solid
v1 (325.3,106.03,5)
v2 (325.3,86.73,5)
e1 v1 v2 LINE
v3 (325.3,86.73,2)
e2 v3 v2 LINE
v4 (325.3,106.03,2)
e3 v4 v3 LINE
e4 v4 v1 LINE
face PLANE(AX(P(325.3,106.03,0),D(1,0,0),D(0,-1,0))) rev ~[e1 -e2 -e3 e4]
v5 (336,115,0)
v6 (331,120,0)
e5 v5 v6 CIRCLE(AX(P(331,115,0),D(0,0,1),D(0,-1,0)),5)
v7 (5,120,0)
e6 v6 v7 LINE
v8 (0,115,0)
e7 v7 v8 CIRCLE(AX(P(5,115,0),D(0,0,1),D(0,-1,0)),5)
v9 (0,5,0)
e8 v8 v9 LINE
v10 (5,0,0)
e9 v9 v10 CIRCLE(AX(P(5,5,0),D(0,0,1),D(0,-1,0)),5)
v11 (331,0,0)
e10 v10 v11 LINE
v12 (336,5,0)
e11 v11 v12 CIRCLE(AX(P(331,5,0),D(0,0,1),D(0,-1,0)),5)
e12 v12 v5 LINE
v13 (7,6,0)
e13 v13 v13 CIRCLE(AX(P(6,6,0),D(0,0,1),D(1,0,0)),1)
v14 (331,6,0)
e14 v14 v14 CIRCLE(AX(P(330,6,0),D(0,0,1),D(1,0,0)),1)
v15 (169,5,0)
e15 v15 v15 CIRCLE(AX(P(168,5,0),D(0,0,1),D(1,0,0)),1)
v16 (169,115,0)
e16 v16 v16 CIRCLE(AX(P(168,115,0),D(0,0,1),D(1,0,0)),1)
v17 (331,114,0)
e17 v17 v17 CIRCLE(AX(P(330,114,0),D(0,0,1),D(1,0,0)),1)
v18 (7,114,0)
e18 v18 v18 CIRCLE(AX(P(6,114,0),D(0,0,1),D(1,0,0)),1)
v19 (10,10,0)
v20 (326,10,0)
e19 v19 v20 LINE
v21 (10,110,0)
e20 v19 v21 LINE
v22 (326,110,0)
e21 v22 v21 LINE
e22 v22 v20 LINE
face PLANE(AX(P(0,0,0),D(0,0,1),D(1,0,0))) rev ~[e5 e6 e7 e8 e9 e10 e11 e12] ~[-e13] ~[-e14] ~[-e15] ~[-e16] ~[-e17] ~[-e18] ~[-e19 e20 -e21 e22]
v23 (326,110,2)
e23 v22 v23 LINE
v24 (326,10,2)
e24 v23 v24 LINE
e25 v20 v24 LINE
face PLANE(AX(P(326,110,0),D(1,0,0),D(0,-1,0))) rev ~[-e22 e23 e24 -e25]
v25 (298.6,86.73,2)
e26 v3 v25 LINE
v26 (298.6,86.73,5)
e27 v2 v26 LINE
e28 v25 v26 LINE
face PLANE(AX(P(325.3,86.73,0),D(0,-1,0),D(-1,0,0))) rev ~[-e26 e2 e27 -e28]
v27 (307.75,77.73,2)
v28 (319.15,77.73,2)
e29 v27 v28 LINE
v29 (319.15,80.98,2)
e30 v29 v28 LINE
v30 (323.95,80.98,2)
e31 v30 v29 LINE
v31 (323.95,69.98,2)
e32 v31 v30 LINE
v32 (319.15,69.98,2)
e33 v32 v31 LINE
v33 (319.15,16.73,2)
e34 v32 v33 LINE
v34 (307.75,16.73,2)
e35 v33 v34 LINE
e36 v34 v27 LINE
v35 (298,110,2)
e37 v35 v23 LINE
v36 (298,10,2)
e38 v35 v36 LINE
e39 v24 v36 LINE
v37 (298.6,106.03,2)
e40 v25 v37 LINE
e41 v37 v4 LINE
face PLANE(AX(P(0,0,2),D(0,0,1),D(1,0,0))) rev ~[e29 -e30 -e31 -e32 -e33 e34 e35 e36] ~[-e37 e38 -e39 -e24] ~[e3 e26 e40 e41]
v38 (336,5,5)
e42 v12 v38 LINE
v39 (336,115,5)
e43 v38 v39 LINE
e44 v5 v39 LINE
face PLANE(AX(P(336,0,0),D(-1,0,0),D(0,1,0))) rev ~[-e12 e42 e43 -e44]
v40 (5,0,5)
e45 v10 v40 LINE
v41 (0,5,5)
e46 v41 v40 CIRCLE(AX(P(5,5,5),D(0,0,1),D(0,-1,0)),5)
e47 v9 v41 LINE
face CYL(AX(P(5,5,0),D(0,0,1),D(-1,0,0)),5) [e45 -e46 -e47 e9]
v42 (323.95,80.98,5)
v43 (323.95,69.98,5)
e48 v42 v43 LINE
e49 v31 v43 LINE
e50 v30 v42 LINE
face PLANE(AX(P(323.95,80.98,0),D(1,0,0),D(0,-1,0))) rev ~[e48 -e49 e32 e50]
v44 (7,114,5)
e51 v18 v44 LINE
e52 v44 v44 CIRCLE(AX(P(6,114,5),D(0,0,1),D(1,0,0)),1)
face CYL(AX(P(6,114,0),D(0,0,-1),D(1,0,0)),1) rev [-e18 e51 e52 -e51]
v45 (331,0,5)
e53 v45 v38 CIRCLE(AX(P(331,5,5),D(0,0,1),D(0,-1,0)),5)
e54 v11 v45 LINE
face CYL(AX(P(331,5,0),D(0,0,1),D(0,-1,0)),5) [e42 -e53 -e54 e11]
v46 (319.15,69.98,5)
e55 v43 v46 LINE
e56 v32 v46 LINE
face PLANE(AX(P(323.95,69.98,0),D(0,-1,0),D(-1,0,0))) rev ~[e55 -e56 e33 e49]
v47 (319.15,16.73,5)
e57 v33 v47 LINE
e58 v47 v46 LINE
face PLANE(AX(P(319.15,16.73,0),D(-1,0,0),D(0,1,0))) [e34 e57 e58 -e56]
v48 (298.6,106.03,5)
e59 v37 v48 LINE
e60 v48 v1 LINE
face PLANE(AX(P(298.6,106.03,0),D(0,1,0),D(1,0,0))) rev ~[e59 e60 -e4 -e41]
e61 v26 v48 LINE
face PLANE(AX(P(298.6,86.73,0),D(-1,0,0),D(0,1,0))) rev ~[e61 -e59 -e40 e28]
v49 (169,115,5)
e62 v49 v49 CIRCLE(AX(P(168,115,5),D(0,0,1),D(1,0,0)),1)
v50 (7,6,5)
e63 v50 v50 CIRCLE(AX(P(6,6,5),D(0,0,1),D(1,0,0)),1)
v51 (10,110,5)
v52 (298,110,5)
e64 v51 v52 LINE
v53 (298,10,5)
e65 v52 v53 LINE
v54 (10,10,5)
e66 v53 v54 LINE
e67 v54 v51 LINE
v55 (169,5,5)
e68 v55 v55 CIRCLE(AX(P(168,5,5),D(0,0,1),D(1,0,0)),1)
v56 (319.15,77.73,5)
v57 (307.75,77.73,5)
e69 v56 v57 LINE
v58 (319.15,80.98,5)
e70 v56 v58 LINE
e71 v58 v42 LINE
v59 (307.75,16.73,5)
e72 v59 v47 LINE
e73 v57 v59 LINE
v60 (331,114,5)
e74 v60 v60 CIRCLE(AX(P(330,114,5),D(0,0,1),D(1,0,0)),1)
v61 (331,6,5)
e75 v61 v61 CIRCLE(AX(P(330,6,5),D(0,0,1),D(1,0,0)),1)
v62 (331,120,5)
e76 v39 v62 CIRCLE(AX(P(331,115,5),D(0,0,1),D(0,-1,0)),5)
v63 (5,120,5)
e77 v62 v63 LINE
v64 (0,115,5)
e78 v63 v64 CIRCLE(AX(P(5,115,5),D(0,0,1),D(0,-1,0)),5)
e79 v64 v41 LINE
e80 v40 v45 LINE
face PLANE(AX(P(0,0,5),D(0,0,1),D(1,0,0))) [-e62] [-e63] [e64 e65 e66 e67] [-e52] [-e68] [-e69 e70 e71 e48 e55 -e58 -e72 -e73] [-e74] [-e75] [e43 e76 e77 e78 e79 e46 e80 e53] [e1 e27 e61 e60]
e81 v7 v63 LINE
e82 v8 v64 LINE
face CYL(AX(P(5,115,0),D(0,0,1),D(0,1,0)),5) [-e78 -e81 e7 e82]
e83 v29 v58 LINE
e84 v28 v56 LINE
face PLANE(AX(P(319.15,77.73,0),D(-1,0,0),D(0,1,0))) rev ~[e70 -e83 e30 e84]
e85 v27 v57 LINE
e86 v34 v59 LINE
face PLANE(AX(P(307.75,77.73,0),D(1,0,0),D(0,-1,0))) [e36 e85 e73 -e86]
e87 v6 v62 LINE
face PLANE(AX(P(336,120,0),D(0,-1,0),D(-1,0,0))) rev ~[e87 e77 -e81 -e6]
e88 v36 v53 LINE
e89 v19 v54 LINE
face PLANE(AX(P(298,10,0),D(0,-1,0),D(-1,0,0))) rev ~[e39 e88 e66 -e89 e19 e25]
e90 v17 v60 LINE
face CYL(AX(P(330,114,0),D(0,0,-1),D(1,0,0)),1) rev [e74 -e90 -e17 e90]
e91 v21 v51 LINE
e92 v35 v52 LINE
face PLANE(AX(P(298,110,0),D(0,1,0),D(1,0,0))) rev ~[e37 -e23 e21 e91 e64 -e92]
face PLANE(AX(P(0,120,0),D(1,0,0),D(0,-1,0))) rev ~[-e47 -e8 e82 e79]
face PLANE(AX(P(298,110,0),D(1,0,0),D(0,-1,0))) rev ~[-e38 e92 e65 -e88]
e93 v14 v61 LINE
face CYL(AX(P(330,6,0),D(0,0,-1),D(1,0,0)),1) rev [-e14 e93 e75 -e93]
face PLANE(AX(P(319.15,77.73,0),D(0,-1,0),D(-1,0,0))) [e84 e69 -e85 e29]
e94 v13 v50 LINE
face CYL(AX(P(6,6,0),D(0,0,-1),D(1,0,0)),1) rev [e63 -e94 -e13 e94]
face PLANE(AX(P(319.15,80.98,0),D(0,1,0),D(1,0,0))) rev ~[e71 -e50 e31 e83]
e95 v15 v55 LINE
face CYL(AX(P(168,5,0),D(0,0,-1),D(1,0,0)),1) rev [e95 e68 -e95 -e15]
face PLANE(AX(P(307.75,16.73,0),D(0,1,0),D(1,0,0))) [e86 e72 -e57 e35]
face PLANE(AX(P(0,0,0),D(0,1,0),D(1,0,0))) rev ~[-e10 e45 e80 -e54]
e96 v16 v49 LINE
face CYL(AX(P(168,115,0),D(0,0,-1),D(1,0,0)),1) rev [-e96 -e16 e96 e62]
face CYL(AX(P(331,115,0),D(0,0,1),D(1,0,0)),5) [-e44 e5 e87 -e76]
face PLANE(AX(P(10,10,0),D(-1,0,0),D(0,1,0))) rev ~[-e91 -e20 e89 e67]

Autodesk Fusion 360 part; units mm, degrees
sketch "Sketch1" plane through (0, 0, 0) normal (0, 0, 1) x (1, 0, 0)
  line L0 (0, 0) -> (336, 0)
  line L1 (336, 0) -> (336, 120)
  line L2 (336, 120) -> (0, 120)
  line L3 (0, 120) -> (0, 0)
  line L4 (10, 110) -> (326, 110)
  line L5 (326, 110) -> (326, 10)
  line L6 (326, 10) -> (10, 10)
  line L7 (10, 10) -> (10, 110)
  line L8 (298, 110) -> (298, 10)
  line L9 (298, 10) -> (326, 10)
  line L10 (326, 10) -> (326, 110)
  line L11 (298.6, 106.03) -> (325.3, 106.03)
  line L12 (325.3, 106.03) -> (325.3, 86.73)
  line L13 (325.3, 86.73) -> (298.6, 86.73)
  line L14 (298.6, 86.73) -> (298.6, 106.03)
  circle A0 centre (6, 114) radius 1
  circle A1 centre (330, 114) radius 1
  circle A2 centre (330, 6) radius 1
  circle A3 centre (6, 6) radius 1
  circle A4 centre (168, 5) radius 1
  circle A5 centre (168, 115) radius 1
  dimension "d1" = 120
  dimension "d2" = 336
  dimension "d3" = 10
  dimension "d4" = 10
  dimension "d5" = 10
  dimension "d6" = 10
  dimension "d7" = 28
  dimension "d8" = 19.3
  dimension "d9" = 0.7
  dimension "d10" = 26.7
  dimension "d11" = 3.97
  dimension "d16" = 2
  dimension "d17" = 6
  dimension "d18" = 6
  dimension "d19" = 2
  dimension "d20" = 6
  dimension "d21" = 6
  dimension "d22" = 2
  dimension "d23" = 6
  dimension "d24" = 6
  dimension "d25" = 2
  dimension "d26" = 6
  dimension "d27" = 6
  dimension "d28" = 2
  dimension "d29" = 168
  dimension "d30" = 2
  dimension "d31" = 168
sketch "Sketch4" plane through (0, 0, 0) normal (0, 0, 1) x (1, 0, 0)
  line L0 (319.15, 77.73) -> (307.75, 77.73)
  line L1 (307.75, 77.73) -> (307.75, 16.73)
  line L2 (307.75, 16.73) -> (319.15, 16.73)
  line L3 (319.15, 16.73) -> (319.15, 77.73)
  line L4 (319.15, 77.73) -> (319.15, 80.98)
  line L5 (319.15, 80.98) -> (323.95, 80.98)
  line L6 (323.95, 80.98) -> (323.95, 69.98)
  line L7 (323.95, 69.98) -> (319.15, 69.98)
  line L8 (319.15, 69.98) -> (319.15, 80.98)
  dimension "d50" = 11.4
  dimension "d51" = 61
  dimension "d52" = 3.25
  dimension "d53" = 4.8
  dimension "d54" = 11
extrude "Extrude3" add sketch "Sketch1" along normal blind 5 contours L0 L1 L2 L3
extrude "Extrude4" add sketch "Sketch1" along normal blind 5 contours L4 L5 L6 L8 L9 L10
extrude "Extrude5" cut sketch "Sketch1" along normal blind 2 contours L4 L5 L6 L8 L9 L10
extrude "Extrude6" cut sketch "Sketch4" along normal blind 5
fillet "Fillet5" radius 5 1 edges at (336, 0, 2.5)
fillet "Fillet6" radius 5 1 edges at (336, 120, 2.5)
fillet "Fillet7" radius 5 1 edges at (0, 120, 2.5)
fillet "Fillet8" radius 5 1 edges at (0, 0, 2.5)
extrude "Extrude1" [suppressed]
extrude "Extrude2" [suppressed]
fillet "Fillet1" [suppressed]
fillet "Fillet2" [suppressed]
fillet "Fillet3" [suppressed]
fillet "Fillet4" [suppressed]
